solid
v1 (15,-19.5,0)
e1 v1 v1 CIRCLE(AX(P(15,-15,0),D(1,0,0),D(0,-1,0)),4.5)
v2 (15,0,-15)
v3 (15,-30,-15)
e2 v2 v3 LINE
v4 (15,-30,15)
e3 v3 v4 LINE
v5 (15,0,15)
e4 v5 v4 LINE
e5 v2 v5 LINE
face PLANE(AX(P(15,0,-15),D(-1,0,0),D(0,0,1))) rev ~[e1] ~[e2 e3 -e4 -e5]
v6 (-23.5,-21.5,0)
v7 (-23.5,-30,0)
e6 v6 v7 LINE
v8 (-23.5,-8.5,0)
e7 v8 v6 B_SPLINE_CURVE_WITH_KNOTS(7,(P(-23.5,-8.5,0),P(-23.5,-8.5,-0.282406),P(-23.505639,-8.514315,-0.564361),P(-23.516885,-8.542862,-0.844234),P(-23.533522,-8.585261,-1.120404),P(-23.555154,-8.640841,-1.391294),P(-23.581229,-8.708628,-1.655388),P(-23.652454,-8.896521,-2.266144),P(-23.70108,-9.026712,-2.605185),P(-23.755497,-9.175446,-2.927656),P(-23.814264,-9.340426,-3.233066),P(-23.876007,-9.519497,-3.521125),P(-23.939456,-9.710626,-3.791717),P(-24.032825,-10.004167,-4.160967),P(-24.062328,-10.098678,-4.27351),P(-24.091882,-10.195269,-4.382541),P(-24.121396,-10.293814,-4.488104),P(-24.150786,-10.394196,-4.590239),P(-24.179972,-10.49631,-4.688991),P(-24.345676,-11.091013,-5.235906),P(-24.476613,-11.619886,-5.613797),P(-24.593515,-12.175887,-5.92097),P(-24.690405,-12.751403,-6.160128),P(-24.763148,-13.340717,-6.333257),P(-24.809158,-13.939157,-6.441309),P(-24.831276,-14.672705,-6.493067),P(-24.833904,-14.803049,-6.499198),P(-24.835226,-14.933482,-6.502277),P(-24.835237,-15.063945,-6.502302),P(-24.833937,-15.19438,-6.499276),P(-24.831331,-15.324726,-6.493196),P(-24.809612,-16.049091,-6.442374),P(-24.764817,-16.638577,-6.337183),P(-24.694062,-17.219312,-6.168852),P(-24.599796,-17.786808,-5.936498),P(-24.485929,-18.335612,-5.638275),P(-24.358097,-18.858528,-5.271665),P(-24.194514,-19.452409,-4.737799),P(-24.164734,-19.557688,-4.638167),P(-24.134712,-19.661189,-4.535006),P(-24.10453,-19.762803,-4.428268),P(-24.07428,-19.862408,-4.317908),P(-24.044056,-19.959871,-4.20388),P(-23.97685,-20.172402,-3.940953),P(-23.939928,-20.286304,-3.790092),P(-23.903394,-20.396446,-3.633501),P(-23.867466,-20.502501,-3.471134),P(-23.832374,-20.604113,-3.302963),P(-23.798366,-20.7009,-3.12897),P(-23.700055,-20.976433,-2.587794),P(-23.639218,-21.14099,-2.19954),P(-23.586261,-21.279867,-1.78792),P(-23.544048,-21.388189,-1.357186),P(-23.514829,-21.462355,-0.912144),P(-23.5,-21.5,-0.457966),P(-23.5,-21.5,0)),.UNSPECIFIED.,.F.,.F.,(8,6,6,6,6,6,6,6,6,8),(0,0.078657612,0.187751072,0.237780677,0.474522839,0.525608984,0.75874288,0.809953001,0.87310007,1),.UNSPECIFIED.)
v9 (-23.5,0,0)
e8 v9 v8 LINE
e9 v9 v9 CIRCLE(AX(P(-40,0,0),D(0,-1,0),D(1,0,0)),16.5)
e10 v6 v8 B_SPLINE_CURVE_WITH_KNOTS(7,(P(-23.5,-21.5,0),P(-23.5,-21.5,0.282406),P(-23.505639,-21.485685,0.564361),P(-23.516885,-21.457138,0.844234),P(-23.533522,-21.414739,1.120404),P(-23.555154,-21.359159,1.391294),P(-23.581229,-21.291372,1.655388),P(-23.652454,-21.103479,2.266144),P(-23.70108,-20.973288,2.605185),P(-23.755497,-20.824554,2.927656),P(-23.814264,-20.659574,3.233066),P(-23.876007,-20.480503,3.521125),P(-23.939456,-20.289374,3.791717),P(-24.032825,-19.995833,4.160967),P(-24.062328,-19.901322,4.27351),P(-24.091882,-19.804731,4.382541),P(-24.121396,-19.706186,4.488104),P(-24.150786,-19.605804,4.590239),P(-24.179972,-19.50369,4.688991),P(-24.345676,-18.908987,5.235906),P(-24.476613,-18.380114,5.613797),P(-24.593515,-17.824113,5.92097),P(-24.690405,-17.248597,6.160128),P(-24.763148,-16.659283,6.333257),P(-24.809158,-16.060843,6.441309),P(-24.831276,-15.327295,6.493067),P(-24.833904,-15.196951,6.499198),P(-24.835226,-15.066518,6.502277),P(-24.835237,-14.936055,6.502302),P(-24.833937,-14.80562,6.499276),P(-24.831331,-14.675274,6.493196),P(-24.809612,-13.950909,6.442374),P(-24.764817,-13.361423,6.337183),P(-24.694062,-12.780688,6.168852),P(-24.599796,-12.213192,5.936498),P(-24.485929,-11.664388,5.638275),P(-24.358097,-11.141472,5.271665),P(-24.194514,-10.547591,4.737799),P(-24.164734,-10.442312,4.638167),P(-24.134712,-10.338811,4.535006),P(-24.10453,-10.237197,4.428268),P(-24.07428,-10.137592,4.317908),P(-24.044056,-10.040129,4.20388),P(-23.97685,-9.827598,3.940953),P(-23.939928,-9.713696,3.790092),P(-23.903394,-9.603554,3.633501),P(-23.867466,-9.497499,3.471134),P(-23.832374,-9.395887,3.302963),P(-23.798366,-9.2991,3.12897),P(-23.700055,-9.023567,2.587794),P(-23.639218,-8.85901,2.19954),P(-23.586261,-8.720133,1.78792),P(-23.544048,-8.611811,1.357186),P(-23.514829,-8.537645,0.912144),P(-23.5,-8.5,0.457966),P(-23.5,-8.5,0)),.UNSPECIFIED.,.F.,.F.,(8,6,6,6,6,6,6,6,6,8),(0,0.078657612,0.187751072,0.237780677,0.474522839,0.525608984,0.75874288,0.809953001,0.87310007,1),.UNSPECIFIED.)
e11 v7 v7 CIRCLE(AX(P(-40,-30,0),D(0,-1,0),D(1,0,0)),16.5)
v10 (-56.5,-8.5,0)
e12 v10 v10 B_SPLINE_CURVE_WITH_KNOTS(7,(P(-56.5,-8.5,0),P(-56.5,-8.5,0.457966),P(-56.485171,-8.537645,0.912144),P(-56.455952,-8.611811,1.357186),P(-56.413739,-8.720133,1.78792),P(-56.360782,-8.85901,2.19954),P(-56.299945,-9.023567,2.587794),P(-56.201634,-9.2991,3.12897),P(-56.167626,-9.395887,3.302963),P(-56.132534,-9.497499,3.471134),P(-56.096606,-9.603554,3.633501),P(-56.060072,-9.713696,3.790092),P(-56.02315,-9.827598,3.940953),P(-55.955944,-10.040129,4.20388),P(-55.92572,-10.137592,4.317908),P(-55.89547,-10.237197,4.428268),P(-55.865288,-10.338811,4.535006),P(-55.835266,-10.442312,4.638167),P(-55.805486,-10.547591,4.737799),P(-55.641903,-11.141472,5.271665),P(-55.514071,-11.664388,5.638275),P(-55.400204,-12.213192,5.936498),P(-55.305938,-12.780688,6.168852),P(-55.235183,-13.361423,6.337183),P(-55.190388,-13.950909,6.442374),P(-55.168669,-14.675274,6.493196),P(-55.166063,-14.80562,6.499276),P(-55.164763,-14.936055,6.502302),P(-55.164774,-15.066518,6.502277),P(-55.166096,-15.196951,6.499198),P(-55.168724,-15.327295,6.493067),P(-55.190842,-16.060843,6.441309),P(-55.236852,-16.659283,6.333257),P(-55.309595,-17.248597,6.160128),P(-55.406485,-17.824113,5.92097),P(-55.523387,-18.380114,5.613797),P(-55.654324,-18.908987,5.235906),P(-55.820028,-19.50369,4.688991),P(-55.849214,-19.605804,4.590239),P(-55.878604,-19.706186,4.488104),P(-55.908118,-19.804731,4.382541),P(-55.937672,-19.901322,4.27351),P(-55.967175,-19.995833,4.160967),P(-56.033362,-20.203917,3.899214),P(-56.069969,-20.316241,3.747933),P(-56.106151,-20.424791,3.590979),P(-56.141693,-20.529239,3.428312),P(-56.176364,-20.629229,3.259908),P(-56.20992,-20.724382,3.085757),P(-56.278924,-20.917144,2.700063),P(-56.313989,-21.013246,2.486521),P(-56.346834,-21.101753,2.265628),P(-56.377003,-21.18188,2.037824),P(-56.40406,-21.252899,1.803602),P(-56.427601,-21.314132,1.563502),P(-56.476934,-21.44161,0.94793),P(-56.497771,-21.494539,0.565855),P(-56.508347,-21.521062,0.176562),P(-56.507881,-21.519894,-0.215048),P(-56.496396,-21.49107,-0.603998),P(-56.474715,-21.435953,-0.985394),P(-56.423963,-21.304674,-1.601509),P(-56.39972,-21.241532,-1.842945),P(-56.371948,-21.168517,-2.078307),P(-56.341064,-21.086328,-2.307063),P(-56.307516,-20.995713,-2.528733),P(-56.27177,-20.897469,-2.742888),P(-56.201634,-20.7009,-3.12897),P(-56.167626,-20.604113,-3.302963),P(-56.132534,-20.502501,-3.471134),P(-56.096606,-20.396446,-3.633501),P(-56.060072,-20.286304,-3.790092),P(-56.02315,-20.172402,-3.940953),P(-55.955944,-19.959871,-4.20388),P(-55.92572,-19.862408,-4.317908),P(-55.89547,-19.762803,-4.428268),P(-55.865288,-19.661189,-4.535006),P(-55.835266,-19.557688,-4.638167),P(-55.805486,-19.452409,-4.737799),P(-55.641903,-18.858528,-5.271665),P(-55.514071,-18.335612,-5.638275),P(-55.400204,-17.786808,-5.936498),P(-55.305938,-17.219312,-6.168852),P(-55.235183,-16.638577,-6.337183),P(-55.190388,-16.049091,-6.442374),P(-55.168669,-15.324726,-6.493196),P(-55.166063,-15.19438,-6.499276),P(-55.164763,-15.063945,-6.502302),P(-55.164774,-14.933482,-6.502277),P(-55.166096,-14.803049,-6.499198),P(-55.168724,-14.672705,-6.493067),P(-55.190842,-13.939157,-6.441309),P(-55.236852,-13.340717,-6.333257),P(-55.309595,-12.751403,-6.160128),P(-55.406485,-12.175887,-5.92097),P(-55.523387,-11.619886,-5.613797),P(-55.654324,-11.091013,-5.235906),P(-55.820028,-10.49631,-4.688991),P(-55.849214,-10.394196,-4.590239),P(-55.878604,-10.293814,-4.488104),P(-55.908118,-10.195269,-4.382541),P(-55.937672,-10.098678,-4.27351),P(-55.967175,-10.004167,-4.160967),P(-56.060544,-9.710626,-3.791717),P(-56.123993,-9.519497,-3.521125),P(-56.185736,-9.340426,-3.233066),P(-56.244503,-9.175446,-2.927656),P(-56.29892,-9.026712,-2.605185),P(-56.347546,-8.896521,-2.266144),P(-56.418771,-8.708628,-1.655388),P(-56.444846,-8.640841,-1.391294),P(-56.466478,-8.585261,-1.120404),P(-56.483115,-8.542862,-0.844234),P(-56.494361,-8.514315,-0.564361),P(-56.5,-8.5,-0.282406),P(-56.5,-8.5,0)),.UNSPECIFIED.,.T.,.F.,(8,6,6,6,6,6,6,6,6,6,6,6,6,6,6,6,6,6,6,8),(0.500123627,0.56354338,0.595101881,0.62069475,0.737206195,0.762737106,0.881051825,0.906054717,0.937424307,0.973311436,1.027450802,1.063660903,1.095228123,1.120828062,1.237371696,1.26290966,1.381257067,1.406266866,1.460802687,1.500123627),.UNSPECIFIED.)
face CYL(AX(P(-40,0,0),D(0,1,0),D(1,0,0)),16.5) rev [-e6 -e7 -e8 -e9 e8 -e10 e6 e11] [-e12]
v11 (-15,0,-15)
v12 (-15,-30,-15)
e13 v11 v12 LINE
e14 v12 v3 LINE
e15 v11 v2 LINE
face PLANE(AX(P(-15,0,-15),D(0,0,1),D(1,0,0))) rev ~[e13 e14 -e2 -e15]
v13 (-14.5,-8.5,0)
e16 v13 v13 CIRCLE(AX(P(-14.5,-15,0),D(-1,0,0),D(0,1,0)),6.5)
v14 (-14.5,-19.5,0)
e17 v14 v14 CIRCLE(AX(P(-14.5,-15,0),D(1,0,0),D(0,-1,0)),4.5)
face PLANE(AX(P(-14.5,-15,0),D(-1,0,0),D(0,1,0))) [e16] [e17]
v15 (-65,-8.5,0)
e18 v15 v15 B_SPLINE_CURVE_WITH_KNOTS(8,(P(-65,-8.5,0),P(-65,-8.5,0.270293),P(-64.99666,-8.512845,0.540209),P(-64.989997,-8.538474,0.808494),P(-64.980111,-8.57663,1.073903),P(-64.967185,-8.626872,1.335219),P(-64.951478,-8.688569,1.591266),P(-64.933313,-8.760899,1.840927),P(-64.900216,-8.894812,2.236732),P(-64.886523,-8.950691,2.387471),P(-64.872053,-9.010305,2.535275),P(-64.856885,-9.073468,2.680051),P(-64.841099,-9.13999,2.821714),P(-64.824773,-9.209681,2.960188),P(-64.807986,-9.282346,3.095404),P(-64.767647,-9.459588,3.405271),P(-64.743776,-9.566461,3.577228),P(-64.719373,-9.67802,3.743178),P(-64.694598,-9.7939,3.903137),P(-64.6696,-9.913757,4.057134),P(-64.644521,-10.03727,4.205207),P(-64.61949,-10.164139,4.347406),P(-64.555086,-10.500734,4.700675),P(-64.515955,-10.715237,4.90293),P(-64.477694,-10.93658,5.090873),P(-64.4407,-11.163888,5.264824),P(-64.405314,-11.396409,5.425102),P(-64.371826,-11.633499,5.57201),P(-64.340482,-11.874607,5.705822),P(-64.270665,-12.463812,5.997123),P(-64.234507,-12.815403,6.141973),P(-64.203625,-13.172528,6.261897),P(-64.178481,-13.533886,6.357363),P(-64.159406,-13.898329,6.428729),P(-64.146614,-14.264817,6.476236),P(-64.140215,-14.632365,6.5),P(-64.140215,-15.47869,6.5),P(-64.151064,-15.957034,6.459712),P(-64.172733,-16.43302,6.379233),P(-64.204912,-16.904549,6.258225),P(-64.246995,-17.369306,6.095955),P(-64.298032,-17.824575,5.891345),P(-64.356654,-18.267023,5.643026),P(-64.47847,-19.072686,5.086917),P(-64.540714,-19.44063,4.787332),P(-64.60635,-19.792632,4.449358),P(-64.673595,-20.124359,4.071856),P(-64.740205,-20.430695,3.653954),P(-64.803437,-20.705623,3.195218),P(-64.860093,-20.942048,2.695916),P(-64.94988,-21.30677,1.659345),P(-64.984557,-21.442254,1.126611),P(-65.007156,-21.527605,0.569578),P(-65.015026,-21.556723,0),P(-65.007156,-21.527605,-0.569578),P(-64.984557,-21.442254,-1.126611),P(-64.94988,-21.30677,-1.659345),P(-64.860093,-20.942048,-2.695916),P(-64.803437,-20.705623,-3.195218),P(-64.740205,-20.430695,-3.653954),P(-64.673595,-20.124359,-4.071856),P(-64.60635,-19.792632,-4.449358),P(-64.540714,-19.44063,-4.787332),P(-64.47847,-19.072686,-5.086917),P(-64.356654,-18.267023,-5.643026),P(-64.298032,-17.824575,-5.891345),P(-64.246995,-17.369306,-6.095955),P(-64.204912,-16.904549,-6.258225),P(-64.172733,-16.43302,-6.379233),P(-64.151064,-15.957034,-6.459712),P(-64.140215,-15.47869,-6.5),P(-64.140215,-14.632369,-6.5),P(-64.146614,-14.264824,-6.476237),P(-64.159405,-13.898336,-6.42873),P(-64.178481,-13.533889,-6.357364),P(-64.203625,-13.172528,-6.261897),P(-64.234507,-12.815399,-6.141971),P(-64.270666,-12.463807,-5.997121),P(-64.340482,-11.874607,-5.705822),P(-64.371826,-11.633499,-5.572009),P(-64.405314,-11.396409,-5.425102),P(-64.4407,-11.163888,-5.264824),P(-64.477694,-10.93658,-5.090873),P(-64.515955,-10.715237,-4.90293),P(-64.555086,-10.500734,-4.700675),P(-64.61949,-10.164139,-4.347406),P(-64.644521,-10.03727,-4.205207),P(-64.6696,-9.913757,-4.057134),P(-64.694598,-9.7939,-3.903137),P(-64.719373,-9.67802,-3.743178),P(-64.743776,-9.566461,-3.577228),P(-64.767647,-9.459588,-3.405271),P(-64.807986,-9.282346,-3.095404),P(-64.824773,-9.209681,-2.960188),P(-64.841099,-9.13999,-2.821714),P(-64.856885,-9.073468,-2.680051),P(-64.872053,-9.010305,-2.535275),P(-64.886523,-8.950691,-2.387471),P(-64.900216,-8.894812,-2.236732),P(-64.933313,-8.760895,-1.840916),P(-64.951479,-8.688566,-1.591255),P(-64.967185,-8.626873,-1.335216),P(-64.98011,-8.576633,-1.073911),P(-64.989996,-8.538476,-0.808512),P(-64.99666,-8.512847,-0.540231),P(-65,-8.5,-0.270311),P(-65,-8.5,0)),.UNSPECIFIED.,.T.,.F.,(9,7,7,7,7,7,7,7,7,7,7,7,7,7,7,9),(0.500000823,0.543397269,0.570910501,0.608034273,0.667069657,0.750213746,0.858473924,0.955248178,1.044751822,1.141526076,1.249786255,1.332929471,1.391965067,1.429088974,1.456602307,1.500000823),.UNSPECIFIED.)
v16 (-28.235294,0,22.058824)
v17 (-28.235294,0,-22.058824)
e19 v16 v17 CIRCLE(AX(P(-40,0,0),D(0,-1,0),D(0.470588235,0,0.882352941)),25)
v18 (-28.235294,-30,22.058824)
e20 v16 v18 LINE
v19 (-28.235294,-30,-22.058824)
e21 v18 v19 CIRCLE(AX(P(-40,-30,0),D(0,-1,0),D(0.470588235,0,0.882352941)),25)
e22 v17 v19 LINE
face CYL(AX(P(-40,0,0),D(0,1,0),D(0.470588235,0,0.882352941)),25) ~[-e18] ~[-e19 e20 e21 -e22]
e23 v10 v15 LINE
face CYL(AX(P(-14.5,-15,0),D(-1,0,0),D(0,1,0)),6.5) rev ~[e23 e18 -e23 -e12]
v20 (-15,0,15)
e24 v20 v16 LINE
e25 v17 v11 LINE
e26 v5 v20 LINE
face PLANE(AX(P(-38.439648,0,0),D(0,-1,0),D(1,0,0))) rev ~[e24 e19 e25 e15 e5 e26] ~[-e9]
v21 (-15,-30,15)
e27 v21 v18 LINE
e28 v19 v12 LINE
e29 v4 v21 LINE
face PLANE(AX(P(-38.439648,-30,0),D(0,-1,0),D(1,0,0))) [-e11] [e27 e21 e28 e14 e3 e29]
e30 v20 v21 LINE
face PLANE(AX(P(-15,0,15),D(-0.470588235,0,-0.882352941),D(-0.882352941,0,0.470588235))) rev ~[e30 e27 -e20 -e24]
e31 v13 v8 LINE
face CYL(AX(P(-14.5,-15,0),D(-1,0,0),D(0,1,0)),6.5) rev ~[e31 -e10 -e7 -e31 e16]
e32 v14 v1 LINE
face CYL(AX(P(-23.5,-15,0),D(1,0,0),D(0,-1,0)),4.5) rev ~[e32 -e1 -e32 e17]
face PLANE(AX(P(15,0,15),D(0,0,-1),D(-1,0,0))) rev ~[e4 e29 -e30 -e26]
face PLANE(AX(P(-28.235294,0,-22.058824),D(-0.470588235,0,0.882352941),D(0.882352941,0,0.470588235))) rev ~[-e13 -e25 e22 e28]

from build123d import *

# Parameters (mm, degrees)
F0_R           = 16.5
F1_DEPTH       = 30
F5_D           = 9
F5_START       = 1.5000001
F5_CBORE_D     = 13
F5_CBORE_DEPTH = 9
F8_D           = 13
F8_DEPTH       = 20
F8_START       = 0.8597847
F8_TIP         = 3.9055940237


with BuildPart() as f1:
    # F0 (on Front) → F1 (new body)
    with BuildSketch(Plane.XZ):
        with BuildLine():
            ThreePointArc((-28.2352941176, -22.0588235294), (-18.5626768572, -12.8623938857), (-15, 0))
            ThreePointArc((-15, 0), (-18.5626768572, 12.8623938857), (-28.2352941176, 22.0588235294))
            ThreePointArc((-28.2352941176, 22.0588235294), (-65, 0), (-28.2352941176, -22.0588235294))
        make_face()
        with Locations((-40, 0)):
            Circle(F0_R, mode=Mode.SUBTRACT)
        with BuildLine():
            ThreePointArc((-28.2352941176, 22.0588235294), (-18.5626768572, 12.8623938857), (-15, 0))
            Line((-15, 0), (-15, 15))
            Line((-15, 15), (-28.2352941176, 22.0588235294))
        make_face()
        with BuildLine():
            Line((-28.2352941176, -22.0588235294), (-15, -15))
            Line((-15, -15), (-15, 0))
            ThreePointArc((-15, 0), (-18.5626768572, -12.8623938857), (-28.2352941176, -22.0588235294))
        make_face()
        Polygon((-15, -15), (15, -15), (15, 15), (-15, 15), (-15, 0), align=None)
    extrude(amount=F1_DEPTH)

    # F5 (through all)
    # its depths count from where the whole tool has entered the part; down to there all is cleared
    with Locations(Plane(origin=(-25, 0, 0), x_dir=(0, 1, 0), z_dir=(-1, 0, 0)).offset(-F5_START)):
        with Locations((-15, 0)):
            CounterBoreHole(F5_D / 2, F5_CBORE_D / 2, F5_CBORE_DEPTH)

    # F8
    # its depths count from where the whole tool has entered the part; down to there all is cleared
    with Locations(Plane(origin=(-65, 0, 0), x_dir=(0, 1, 0), z_dir=(-1, 0, 0)).offset(-F8_START)):
        with Locations((-15, 0)):
            Hole(F8_D / 2, depth=F8_DEPTH)
            with Locations((0, 0, -(F8_DEPTH + F8_TIP / 2))):  # 118° drill point
                Cone(0, F8_D / 2, F8_TIP, mode=Mode.SUBTRACT)


solid = f1.part
